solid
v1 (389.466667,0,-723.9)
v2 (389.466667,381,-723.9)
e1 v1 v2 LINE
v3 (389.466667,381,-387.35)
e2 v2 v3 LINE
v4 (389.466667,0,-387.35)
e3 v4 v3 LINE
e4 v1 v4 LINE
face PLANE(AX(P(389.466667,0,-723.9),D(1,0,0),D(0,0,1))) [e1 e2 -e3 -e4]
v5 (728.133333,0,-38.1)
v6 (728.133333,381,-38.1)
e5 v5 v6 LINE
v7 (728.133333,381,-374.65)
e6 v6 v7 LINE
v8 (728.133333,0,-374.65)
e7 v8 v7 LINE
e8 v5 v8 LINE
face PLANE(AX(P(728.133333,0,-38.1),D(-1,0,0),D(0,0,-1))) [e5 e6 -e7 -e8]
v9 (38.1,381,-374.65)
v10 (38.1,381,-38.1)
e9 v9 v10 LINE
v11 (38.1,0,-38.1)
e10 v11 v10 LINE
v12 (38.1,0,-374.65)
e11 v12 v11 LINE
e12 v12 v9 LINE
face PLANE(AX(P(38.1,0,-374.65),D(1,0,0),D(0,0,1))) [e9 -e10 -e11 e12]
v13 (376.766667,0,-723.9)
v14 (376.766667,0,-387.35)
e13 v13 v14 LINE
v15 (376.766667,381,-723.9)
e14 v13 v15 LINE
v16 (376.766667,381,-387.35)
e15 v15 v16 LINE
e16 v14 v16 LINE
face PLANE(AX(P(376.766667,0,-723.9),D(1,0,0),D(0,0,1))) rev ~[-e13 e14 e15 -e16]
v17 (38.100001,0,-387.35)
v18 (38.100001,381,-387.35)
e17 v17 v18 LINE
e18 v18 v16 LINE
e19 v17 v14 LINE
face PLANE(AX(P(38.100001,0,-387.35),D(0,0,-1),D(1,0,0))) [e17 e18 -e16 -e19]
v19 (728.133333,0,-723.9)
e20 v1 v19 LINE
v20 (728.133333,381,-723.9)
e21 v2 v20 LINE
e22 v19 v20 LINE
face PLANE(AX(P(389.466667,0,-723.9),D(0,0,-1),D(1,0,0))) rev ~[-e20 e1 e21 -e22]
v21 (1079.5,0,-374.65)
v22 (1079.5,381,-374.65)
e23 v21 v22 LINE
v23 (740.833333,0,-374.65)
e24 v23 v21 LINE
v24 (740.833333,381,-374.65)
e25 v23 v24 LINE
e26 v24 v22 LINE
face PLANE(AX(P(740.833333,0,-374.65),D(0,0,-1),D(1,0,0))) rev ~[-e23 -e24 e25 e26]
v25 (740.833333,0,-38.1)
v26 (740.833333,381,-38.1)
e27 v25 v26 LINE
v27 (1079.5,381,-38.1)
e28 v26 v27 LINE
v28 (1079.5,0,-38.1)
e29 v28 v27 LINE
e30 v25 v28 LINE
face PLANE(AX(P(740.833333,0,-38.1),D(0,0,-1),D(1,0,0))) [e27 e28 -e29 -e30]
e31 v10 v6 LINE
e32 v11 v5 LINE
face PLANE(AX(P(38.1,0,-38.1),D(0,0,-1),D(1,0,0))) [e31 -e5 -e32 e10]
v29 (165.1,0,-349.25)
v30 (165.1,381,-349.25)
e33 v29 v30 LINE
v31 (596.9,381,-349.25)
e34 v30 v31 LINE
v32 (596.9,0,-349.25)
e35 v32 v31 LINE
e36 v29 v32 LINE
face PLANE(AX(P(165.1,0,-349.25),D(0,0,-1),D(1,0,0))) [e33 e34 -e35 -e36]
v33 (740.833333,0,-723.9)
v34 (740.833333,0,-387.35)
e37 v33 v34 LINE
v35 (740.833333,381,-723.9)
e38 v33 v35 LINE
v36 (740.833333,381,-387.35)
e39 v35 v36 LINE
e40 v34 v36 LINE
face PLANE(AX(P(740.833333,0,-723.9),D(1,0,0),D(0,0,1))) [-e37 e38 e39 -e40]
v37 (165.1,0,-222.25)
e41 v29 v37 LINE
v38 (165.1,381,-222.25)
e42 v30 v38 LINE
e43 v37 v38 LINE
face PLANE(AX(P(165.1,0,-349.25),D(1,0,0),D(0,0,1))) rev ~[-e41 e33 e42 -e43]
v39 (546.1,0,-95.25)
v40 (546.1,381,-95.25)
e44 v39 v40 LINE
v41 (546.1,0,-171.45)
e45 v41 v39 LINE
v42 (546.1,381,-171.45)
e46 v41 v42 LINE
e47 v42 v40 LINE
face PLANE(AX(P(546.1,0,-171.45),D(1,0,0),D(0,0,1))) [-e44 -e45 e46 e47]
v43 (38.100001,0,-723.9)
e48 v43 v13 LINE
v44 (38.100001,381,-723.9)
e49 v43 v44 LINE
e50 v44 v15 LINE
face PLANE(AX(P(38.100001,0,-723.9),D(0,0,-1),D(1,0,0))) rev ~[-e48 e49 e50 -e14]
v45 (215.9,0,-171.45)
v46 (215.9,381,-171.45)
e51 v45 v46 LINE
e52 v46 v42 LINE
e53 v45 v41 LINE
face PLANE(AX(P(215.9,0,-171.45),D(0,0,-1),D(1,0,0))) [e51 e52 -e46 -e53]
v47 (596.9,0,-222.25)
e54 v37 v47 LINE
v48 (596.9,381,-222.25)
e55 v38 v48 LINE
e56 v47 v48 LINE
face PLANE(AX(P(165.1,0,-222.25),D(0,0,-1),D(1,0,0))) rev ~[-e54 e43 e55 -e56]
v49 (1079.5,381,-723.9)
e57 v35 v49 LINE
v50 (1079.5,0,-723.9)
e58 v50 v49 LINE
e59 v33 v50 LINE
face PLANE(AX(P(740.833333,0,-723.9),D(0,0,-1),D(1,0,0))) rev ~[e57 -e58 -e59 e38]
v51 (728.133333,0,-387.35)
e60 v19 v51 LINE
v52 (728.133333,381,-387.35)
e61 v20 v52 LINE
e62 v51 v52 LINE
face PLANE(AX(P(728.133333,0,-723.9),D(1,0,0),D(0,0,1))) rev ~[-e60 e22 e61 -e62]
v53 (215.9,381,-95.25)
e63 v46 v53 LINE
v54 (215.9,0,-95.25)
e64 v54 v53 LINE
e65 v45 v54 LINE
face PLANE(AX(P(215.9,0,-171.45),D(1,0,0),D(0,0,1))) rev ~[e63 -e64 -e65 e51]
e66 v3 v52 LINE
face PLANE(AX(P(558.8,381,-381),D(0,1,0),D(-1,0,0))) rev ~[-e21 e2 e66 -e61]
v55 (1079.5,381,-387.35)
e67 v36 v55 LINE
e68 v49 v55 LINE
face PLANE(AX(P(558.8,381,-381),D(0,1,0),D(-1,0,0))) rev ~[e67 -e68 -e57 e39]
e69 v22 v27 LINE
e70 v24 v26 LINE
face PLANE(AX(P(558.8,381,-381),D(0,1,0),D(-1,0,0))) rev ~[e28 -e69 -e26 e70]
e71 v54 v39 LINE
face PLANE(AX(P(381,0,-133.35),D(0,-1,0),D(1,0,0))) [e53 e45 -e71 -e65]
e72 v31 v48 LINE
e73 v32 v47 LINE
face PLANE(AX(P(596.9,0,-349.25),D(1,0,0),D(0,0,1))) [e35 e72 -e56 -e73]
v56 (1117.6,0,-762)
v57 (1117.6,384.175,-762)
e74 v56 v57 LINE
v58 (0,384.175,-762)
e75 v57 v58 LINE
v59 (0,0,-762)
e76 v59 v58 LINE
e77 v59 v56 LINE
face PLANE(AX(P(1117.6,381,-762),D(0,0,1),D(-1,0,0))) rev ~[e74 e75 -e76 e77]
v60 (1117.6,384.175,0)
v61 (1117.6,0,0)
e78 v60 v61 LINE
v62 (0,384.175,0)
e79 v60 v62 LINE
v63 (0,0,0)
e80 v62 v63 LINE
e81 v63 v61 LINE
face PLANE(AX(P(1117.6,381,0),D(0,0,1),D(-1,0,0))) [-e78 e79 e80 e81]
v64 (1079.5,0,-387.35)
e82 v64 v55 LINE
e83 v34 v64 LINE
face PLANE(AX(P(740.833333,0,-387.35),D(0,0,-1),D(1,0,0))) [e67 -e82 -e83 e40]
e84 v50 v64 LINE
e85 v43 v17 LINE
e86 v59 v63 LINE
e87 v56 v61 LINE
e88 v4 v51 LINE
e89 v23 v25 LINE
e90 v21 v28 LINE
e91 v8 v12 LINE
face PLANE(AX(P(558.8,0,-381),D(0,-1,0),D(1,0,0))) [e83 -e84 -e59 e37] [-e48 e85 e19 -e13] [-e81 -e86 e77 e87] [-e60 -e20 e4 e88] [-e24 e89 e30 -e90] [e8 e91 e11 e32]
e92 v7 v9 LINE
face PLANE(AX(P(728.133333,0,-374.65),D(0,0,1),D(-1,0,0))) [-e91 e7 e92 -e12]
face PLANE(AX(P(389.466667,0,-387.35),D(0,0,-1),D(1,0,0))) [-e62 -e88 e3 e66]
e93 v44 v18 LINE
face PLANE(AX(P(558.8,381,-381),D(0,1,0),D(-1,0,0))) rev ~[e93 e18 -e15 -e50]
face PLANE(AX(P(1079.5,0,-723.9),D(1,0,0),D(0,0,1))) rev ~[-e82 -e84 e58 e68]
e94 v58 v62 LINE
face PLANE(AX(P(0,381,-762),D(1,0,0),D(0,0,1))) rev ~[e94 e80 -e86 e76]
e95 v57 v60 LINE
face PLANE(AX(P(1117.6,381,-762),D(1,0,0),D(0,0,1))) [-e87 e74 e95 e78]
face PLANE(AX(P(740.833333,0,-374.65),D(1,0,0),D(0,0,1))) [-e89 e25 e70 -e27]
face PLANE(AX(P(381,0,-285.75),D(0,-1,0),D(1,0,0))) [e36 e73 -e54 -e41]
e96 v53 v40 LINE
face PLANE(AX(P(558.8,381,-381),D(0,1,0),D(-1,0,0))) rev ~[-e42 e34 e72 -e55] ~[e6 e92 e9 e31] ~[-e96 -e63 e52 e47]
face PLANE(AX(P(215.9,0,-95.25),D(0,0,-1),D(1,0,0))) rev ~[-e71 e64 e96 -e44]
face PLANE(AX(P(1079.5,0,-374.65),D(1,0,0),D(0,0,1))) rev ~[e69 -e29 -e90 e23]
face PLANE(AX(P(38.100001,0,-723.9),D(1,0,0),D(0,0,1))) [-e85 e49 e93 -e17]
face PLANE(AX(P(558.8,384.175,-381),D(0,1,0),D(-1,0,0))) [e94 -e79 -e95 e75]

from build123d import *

# Parameters (mm, degrees)
F0_W     = 1117.6
F0_H     = 762
F0_W_2   = 338.666667
F0_H_2   = 336.55
F0_W_3   = 338.666666
F1_DEPTH = 381
F2_W     = 1117.6
F2_H     = 762
F3_DEPTH = 3.175
F4_W     = 330.2
F4_H     = 76.2
F4_W_2   = 431.8
F4_H_2   = 127
F5_DEPTH = 381


with BuildPart() as f1:
    # F0 (on Front) → F1 (new body)
    with BuildSketch(Plane.XZ):
        with Locations((558.8, -381)):
            Rectangle(F0_W, F0_H)
        with Locations((207.433334, -555.625)):
            Rectangle(F0_W_2, F0_H_2, mode=Mode.SUBTRACT)
        with Locations((558.8, -555.625)):
            Rectangle(F0_W_3, F0_H_2, mode=Mode.SUBTRACT)
        with Locations((910.166667, -555.625)):
            Rectangle(F0_W_2, F0_H_2, mode=Mode.SUBTRACT)
        Polygon((38.1, -374.65), (38.1, -38.1), (376.766667, -38.1), (389.466667, -38.1), (728.133333, -38.1), (728.133333, -374.65), (389.466667, -374.65), (376.766667, -374.65), align=None, mode=Mode.SUBTRACT)
        with Locations((910.166667, -206.375)):
            Rectangle(F0_W_2, F0_H_2, mode=Mode.SUBTRACT)
    extrude(amount=-F1_DEPTH)

    # F2 (on face) → F3 (join)
    with BuildSketch(Plane(origin=(0, 381, 0), x_dir=(-1, 0, 0), z_dir=(0, 1, 0))):
        with Locations((-558.8, -381)):
            Rectangle(F2_W, F2_H)
    extrude(amount=F3_DEPTH)

    # F4 (on Front) → F5 (join)
    with BuildSketch(Plane.XZ):
        with Locations((381, -133.35)):
            Rectangle(F4_W, F4_H)
        with Locations((381, -285.75)):
            Rectangle(F4_W_2, F4_H_2)
    extrude(amount=-F5_DEPTH)


solid = f1.part
